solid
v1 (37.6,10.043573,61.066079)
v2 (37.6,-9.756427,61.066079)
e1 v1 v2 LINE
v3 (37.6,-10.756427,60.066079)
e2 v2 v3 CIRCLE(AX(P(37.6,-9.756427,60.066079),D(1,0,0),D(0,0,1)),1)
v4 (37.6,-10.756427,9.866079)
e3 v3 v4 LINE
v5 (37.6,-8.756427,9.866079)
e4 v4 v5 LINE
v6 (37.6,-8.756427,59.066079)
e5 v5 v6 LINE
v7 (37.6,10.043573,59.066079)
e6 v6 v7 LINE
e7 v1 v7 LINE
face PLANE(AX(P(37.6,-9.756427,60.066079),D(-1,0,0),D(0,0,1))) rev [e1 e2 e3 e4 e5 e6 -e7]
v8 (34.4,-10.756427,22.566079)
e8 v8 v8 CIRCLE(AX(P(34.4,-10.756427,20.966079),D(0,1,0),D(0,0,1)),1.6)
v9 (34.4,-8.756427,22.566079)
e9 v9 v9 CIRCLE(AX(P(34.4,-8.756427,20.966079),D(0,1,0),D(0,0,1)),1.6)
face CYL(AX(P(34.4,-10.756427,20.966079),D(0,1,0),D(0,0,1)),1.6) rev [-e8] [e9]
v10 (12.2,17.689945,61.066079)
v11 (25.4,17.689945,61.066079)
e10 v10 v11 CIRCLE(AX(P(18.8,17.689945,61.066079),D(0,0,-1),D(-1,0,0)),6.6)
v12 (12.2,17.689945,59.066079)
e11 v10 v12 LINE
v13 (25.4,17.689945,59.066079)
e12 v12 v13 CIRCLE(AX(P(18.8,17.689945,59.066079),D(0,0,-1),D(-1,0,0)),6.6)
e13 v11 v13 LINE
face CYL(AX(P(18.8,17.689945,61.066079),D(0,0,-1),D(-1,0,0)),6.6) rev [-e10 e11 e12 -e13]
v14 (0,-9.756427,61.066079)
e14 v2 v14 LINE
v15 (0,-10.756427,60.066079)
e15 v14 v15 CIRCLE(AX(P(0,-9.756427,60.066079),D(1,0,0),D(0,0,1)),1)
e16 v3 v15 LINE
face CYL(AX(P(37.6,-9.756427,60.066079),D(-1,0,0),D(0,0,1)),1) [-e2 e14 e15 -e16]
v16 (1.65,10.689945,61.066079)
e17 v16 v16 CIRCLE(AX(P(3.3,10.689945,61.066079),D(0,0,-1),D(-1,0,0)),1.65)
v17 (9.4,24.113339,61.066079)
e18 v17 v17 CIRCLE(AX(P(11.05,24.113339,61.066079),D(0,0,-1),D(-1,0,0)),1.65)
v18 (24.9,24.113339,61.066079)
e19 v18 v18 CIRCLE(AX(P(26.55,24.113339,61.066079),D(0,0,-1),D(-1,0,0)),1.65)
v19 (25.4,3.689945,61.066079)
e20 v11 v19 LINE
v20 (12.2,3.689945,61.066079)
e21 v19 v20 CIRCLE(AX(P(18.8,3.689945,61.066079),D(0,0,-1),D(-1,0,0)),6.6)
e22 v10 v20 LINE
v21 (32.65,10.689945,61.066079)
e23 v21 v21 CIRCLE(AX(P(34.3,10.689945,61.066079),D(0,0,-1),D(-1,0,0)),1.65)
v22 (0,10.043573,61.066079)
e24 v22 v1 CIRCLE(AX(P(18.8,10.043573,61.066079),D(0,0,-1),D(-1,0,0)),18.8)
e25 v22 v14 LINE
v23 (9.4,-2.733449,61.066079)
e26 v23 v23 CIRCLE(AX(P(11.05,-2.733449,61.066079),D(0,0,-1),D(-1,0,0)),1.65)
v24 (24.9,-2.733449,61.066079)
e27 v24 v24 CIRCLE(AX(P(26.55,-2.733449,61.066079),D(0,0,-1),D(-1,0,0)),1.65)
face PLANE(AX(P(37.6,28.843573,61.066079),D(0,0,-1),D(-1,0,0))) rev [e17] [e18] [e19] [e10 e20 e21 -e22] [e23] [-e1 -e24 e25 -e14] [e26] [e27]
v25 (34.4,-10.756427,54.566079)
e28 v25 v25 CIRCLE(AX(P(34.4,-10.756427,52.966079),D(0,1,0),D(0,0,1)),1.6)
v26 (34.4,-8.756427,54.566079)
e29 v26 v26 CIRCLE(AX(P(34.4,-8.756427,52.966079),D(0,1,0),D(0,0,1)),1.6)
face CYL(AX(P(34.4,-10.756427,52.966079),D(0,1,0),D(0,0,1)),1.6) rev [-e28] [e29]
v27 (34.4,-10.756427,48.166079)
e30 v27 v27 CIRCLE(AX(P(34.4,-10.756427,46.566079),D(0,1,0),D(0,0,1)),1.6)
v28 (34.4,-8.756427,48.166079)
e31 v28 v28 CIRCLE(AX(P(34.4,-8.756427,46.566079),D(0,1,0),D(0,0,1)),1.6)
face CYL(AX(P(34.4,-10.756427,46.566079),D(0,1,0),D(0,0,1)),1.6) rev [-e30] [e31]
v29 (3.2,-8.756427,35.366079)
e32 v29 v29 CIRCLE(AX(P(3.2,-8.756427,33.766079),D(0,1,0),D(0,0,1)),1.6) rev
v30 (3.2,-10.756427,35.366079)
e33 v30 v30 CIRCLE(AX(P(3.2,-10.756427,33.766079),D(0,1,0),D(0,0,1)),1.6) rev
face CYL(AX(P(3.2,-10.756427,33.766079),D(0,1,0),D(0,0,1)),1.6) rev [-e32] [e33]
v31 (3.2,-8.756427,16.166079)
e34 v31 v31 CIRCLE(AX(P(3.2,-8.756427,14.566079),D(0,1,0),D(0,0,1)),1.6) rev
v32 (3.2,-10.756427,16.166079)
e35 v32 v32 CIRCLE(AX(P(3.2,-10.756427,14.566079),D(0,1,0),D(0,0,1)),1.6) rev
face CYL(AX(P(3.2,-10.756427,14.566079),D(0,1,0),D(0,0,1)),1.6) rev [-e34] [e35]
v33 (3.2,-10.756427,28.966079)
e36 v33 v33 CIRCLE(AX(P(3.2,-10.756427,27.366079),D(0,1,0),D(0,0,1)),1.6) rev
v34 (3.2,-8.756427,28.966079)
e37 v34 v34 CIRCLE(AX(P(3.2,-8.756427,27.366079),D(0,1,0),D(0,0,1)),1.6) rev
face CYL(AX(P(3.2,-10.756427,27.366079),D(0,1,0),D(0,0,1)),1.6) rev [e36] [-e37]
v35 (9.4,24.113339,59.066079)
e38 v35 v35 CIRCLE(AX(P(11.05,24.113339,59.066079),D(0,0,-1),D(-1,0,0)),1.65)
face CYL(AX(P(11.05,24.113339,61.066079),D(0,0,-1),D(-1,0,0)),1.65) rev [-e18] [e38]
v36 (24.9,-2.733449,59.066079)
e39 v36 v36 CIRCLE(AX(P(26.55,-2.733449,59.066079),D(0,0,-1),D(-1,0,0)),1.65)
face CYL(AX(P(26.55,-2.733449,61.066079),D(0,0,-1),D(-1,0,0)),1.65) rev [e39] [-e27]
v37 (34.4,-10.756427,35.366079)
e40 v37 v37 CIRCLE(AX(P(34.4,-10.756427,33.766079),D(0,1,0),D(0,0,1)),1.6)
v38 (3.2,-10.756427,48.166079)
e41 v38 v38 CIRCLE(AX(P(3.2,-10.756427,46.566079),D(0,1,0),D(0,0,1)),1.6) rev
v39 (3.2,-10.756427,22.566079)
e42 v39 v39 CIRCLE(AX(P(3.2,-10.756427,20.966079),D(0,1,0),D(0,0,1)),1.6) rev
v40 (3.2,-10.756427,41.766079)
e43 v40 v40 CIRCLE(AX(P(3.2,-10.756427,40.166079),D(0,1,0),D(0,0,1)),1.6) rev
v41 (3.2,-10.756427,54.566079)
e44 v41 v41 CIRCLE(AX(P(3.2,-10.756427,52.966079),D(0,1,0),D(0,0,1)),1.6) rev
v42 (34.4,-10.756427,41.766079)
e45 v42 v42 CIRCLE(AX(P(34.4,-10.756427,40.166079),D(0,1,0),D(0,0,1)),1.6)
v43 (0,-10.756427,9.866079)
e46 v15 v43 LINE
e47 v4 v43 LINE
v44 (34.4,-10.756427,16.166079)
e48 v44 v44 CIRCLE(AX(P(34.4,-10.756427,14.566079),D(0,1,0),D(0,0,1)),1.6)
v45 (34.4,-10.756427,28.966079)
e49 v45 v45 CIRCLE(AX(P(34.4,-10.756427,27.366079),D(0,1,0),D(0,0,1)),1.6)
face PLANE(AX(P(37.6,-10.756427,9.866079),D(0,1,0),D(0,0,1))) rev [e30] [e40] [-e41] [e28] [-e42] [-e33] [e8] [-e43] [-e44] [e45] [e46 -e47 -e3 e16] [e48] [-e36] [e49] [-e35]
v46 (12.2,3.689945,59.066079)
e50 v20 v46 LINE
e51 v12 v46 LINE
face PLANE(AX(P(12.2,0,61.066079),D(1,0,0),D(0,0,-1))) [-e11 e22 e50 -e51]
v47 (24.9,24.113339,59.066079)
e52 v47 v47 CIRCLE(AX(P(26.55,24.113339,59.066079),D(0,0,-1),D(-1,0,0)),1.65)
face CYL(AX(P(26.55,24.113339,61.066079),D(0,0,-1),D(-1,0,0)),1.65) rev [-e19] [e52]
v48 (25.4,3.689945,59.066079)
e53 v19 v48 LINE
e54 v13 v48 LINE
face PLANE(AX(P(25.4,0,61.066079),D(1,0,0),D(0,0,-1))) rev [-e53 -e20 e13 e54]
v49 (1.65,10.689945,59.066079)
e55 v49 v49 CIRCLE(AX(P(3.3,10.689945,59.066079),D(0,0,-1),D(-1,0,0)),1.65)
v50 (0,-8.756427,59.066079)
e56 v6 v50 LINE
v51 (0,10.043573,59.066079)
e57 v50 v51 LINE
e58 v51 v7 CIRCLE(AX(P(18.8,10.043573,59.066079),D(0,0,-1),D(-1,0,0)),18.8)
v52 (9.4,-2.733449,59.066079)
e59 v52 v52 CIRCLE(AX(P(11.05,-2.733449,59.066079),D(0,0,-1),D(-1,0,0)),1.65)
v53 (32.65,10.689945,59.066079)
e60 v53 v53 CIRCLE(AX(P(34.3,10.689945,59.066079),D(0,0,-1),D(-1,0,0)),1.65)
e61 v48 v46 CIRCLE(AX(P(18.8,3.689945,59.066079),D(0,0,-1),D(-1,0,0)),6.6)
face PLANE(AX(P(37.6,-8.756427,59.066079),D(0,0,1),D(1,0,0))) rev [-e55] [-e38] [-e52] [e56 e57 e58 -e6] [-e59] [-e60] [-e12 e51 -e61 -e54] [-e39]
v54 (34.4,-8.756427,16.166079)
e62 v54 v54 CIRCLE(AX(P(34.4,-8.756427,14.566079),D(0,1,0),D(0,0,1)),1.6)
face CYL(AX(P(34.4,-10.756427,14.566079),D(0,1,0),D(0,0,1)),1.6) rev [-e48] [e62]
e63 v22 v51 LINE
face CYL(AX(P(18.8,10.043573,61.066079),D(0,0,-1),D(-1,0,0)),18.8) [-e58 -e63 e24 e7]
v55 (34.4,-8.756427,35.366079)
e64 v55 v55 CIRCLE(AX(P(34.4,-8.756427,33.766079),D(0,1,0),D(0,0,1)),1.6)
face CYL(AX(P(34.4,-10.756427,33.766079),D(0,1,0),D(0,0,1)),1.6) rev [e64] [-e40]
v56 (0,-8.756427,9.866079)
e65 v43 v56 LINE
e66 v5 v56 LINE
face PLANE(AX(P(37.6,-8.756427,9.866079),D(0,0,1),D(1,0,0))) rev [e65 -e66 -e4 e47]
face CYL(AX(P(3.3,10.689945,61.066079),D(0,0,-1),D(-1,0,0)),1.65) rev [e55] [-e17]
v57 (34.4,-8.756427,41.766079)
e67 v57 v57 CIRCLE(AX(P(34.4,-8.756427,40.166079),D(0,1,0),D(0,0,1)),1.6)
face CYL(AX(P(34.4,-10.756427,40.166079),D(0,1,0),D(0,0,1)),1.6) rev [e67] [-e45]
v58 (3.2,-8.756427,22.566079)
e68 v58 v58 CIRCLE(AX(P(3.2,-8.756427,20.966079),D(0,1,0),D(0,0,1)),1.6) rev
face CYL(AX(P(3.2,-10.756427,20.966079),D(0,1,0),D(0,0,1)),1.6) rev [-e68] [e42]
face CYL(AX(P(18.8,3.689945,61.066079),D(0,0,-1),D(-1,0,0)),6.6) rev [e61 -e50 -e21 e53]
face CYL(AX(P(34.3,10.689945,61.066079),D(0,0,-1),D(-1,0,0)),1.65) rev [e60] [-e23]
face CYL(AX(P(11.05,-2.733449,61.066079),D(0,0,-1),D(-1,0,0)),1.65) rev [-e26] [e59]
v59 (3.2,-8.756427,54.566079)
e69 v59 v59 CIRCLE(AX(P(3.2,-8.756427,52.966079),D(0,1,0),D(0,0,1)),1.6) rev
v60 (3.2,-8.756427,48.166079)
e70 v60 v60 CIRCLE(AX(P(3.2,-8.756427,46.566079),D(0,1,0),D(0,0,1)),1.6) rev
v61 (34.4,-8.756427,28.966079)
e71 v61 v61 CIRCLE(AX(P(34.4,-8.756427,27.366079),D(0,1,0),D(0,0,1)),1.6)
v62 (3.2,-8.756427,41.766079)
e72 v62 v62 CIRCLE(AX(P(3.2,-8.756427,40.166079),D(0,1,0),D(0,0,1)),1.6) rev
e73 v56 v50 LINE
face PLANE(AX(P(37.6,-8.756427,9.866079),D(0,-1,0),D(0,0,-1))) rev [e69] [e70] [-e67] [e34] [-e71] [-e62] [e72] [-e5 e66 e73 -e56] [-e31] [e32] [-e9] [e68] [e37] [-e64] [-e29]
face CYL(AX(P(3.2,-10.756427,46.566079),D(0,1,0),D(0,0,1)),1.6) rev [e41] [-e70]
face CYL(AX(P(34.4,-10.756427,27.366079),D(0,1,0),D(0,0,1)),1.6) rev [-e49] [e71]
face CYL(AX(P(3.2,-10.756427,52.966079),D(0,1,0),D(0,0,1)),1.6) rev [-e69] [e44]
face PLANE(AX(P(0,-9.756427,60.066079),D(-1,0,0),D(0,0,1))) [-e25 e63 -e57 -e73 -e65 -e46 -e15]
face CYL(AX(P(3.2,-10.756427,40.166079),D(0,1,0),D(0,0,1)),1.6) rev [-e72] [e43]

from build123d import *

# Parameters (mm, degrees)
BOSS_EXTRUDE1_DEPTH = 37.6
CUT_EXTRUDE1_DEPTH  = 69.310699879
SKETCH4_R           = 1.6
CUT_EXTRUDE2_DEPTH  = 81.972748235
SKETCH5_R           = 1.65
CUT_EXTRUDE4_DEPTH  = 69.310699879
CUT_EXTRUDE5_DEPTH  = 69.310699879


with BuildPart() as part:
    # Sketch1 → Boss-Extrude1 (new body)
    with BuildSketch(Plane(origin=(0, 0, 0), x_dir=(0, 0, -1), z_dir=(1, 0, 0))):
        with BuildLine():
            Line((-9.866078609, -8.756426748), (-59.066078609, -8.756426748))
            Line((-59.066078609, -8.756426748), (-59.066078609, 28.843573252))
            Line((-59.066078609, 28.843573252), (-61.066078609, 28.843573252))
            Line((-61.066078609, 28.843573252), (-61.066078609, -9.756426748))
            ThreePointArc((-61.066078609, -9.756426748), (-60.77318539, -10.463533529), (-60.066078609, -10.756426748))
            Line((-60.066078609, -10.756426748), (-9.866078609, -10.756426748))
            Line((-9.866078609, -10.756426748), (-9.866078609, -8.756426748))
        make_face()
    extrude(amount=BOSS_EXTRUDE1_DEPTH)

    # Sketch3 → Cut-Extrude1 (cut, through all)
    with BuildSketch(Plane(origin=(0, 0, 59.066078609), x_dir=(-1, 0, 0), z_dir=(0, 0, -1))):
        with BuildLine():
            Line((-12.2, 3.689945041), (-12.2, 17.689945041))
            ThreePointArc((-12.2, 17.689945041), (-18.8, 24.289945041), (-25.4, 17.689945041))
            Line((-25.4, 17.689945041), (-25.4, 3.689945041))
            ThreePointArc((-25.4, 3.689945041), (-18.8, -2.910054959), (-12.2, 3.689945041))
        make_face()
    extrude(amount=-CUT_EXTRUDE1_DEPTH, mode=Mode.SUBTRACT)

    # Sketch4 → Cut-Extrude2 (cut, through all)
    with BuildSketch(Plane(origin=(0, -8.756426748, 0), x_dir=(1, 0, 0), z_dir=(0, 1, 0))):
        with Locations((34.4, -14.566078609)):
            Circle(SKETCH4_R)
        with Locations((34.4, -20.966078609)):
            Circle(SKETCH4_R)
        with Locations((34.4, -27.366078609)):
            Circle(SKETCH4_R)
        with Locations((34.4, -33.766078609)):
            Circle(SKETCH4_R)
        with Locations((34.4, -40.166078609)):
            Circle(SKETCH4_R)
        with Locations((34.4, -46.566078609)):
            Circle(SKETCH4_R)
        with Locations((34.4, -52.966078609)):
            Circle(SKETCH4_R)
        with Locations((3.2, -52.966078609)):
            Circle(SKETCH4_R)
        with Locations((3.2, -46.566078609)):
            Circle(SKETCH4_R)
        with Locations((3.2, -40.166078609)):
            Circle(SKETCH4_R)
        with Locations((3.2, -33.766078609)):
            Circle(SKETCH4_R)
        with Locations((3.2, -27.366078609)):
            Circle(SKETCH4_R)
        with Locations((3.2, -20.966078609)):
            Circle(SKETCH4_R)
        with Locations((3.2, -14.566078609)):
            Circle(SKETCH4_R)
    extrude(amount=-CUT_EXTRUDE2_DEPTH, mode=Mode.SUBTRACT)

    # Sketch5 → Cut-Extrude4 (cut, through all)
    with BuildSketch(Plane(origin=(0, 0, 59.066078609), x_dir=(-1, 0, 0), z_dir=(0, 0, -1))):
        with Locations((-11.05, -2.733448718)):
            Circle(SKETCH5_R)
        with Locations((-3.3, 10.689945041)):
            Circle(SKETCH5_R)
        with Locations((-26.55, -2.733448718)):
            Circle(SKETCH5_R)
        with Locations((-34.3, 10.689945041)):
            Circle(SKETCH5_R)
        with Locations((-26.55, 24.1133388)):
            Circle(SKETCH5_R)
        with Locations((-11.05, 24.1133388)):
            Circle(SKETCH5_R)
    extrude(amount=-CUT_EXTRUDE4_DEPTH, mode=Mode.SUBTRACT)

    # Sketch6 → Cut-Extrude5 (cut, through all)
    with BuildSketch(Plane(origin=(0, 0, 59.066078609), x_dir=(-1, 0, 0), z_dir=(0, 0, -1))):
        with BuildLine():
            Line((0, 28.843573252), (-18.8, 28.843573252))
            ThreePointArc((-18.8, 28.843573252), (-5.506392514, 23.337180738), (0, 10.043573252))
            Line((0, 10.043573252), (0, 28.843573252))
        make_face()
        with BuildLine():
            Line((-37.6, 28.843573252), (-37.6, 10.043573252))
            ThreePointArc((-37.6, 10.043573252), (-32.093607486, 23.337180738), (-18.8, 28.843573252))
            Line((-18.8, 28.843573252), (-37.6, 28.843573252))
        make_face()
    extrude(amount=-CUT_EXTRUDE5_DEPTH, mode=Mode.SUBTRACT)


solid = part.part
